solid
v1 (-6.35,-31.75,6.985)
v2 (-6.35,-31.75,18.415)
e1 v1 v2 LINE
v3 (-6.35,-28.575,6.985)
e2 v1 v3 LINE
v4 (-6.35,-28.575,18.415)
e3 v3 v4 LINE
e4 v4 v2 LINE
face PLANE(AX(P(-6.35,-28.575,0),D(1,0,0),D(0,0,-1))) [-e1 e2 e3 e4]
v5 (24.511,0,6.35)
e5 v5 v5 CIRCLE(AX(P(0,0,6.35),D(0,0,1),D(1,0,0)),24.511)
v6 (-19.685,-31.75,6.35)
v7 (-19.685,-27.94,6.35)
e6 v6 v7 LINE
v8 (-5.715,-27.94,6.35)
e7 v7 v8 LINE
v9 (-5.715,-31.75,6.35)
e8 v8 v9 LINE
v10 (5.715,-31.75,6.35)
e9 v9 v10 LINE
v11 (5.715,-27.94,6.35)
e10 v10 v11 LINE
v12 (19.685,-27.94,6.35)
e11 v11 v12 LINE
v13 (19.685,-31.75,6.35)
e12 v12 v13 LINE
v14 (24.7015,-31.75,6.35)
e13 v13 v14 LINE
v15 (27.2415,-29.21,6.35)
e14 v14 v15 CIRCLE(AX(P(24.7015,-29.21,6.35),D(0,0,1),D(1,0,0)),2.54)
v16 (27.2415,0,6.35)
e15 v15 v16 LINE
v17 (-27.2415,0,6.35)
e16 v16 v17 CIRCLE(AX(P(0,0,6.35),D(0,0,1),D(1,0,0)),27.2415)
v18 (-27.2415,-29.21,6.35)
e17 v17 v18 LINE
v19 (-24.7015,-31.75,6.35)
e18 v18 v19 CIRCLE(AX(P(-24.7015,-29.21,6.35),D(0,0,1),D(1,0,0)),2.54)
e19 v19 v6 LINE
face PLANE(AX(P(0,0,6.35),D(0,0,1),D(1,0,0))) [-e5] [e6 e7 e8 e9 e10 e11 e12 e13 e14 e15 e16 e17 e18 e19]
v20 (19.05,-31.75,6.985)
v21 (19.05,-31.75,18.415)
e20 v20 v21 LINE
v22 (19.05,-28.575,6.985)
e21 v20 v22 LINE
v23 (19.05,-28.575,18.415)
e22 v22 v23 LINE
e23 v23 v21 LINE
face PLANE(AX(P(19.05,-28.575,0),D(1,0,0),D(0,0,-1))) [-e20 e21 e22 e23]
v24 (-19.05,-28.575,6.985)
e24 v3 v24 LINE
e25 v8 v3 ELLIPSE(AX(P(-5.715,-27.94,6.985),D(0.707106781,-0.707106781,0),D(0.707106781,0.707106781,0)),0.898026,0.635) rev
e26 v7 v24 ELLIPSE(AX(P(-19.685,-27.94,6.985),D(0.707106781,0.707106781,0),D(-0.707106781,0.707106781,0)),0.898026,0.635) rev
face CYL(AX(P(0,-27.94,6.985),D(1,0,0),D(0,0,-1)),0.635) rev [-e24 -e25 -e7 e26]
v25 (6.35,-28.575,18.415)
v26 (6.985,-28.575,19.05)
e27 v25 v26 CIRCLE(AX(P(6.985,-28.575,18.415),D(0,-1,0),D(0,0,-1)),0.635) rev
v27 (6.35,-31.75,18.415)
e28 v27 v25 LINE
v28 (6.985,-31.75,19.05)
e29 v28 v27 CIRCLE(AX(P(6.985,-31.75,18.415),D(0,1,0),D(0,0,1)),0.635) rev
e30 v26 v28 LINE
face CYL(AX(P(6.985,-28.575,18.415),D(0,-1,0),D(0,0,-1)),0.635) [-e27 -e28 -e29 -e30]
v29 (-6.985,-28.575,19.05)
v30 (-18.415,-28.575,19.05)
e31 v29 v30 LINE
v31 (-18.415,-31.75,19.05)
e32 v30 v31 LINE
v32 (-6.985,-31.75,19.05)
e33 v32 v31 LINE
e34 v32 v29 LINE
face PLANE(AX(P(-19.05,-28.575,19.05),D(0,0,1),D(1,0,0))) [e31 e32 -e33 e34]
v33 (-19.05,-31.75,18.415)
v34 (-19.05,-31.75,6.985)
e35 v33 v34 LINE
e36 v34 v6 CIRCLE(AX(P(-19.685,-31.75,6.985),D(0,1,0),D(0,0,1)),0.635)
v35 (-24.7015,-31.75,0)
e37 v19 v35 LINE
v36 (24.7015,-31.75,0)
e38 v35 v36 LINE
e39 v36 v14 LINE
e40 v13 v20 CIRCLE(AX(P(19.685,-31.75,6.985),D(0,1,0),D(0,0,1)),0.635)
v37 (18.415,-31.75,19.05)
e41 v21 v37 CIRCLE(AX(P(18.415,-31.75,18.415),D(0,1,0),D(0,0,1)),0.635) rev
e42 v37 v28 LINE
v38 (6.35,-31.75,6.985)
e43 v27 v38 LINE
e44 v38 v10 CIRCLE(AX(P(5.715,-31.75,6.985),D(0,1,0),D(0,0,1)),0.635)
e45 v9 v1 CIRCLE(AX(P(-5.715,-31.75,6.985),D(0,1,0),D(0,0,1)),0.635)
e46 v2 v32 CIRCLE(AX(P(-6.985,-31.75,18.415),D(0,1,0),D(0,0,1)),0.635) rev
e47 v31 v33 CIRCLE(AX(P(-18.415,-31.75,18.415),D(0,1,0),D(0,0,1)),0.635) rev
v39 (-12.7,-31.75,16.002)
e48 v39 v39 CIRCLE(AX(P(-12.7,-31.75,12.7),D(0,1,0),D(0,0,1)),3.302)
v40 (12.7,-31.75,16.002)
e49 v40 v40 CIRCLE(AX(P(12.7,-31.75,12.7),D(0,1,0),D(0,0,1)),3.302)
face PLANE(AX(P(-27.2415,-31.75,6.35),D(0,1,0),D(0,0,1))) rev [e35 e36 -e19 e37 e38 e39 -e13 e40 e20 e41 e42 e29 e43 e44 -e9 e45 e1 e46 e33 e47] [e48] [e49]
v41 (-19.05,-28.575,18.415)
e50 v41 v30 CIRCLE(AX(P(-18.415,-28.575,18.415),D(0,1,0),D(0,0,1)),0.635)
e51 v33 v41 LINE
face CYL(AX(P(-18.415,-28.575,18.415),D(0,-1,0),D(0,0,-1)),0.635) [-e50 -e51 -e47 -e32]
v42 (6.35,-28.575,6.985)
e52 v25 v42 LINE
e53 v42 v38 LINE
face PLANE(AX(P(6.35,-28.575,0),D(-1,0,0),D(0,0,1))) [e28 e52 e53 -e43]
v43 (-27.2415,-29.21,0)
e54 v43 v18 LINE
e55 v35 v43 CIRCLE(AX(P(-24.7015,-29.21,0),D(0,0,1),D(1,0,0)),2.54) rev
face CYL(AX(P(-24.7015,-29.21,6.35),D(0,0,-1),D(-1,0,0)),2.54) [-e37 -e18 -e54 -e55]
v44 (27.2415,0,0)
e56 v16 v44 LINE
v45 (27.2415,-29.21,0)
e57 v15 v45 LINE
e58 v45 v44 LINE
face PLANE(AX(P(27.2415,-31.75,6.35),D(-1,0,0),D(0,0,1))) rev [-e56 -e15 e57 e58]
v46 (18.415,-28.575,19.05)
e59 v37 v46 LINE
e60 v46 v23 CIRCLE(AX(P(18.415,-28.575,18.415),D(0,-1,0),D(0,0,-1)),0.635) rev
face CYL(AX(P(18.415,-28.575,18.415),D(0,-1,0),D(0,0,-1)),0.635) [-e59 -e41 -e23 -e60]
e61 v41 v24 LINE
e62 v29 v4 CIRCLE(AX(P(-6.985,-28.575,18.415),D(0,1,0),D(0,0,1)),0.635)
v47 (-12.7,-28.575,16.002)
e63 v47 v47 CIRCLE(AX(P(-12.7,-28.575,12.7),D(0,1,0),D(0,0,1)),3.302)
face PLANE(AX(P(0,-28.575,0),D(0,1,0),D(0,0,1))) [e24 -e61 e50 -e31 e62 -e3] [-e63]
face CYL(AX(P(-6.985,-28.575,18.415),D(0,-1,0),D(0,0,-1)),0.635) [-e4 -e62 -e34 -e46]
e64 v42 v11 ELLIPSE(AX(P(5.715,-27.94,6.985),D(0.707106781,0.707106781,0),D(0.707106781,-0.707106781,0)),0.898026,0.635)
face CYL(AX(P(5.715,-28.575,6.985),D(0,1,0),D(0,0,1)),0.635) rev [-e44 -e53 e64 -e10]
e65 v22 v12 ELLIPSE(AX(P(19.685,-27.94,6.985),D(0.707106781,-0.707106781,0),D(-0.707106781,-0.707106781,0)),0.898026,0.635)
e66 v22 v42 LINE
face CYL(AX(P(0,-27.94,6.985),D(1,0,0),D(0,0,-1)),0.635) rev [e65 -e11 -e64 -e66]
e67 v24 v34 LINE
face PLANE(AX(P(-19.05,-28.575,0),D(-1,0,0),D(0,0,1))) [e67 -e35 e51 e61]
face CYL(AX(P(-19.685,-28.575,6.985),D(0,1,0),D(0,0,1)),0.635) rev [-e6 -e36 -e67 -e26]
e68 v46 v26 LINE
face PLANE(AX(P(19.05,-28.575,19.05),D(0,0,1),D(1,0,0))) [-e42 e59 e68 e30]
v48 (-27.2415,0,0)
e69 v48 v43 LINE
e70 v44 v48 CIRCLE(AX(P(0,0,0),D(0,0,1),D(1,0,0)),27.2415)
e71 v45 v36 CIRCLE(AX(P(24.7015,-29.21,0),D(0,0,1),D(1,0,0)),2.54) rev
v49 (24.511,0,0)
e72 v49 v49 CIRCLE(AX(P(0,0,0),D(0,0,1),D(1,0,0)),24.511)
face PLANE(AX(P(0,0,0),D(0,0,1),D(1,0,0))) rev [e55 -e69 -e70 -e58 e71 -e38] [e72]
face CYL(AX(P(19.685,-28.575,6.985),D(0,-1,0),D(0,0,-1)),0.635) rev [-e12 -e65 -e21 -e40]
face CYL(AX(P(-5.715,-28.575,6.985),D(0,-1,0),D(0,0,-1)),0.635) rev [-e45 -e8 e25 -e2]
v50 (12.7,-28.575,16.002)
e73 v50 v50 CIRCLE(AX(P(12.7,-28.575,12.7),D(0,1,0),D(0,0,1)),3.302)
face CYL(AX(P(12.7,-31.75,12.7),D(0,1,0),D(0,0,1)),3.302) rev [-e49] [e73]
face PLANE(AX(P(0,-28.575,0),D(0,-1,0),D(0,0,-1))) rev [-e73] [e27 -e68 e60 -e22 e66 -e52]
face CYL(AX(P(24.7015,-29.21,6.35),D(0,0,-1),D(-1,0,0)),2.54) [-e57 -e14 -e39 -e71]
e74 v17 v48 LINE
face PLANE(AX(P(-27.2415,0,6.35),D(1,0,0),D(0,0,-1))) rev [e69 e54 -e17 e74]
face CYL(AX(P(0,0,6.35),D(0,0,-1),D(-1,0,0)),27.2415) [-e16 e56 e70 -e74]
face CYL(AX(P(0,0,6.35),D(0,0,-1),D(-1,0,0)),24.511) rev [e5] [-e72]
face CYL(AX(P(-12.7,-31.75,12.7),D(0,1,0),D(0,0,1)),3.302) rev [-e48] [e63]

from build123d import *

# Parameters (mm, degrees)
SKETCH1_R           = 24.511
BOSS_EXTRUDE1_DEPTH = 6.35
SKETCH6_W           = 12.7
SKETCH6_H           = 19.05
BOSS_EXTRUDE3_DEPTH = 3.175
SKETCH7_R           = 3.302
CUT_EXTRUDE5_DEPTH  = 65.96524836
FILLET2_R           = 0.635
FILLET3_R           = 2.54


with BuildPart() as part:
    # Sketch1 → Boss-Extrude1 (new body)
    with BuildSketch(Plane.XY):
        with BuildLine():
            Line((-27.2415, 0), (-27.2415, -31.75))
            Line((-27.2415, -31.75), (27.2415, -31.75))
            Line((27.2415, -31.75), (27.2415, 0))
            ThreePointArc((27.2415, 0), (0, 27.2415), (-27.2415, 0))
        make_face()
        Circle(SKETCH1_R, mode=Mode.SUBTRACT)
    extrude(amount=BOSS_EXTRUDE1_DEPTH)

    # Sketch6 → Boss-Extrude3 (add)
    with BuildSketch(Plane(origin=(0, -31.75, 0), x_dir=(-1, 0, 0), z_dir=(0, -1, 0))):
        with Locations((12.7, -9.525)):
            Rectangle(SKETCH6_W, SKETCH6_H)
        with Locations((-12.7, -9.525)):
            Rectangle(SKETCH6_W, SKETCH6_H)
    extrude(amount=-BOSS_EXTRUDE3_DEPTH)

    # Sketch7 → Cut-Extrude5 (cut, through all)
    with BuildSketch(Plane(origin=(0, -28.575, 0), x_dir=(1, 0, 0), z_dir=(0, 1, 0))):
        with Locations(Location((-12.7, -12.7, 0), (0, 0, 270))):
            Circle(SKETCH7_R)
        with Locations(Location((12.7, -12.7, 0), (0, 0, 270))):
            Circle(SKETCH7_R)
    extrude(amount=-CUT_EXTRUDE5_DEPTH, mode=Mode.SUBTRACT)

    # Fillet2
    fillet2_edges = [part.edges().sort_by_distance(p)[0] for p in [
        (-6.35, -30.1625, 6.35),
        (-6.35, -30.1625, 19.05),
        (-19.05, -30.1625, 6.35),
        (-19.05, -30.1625, 19.05),
        (-12.7, -28.575, 6.35),
        (12.7, -28.575, 6.35),
        (19.05, -30.1625, 6.35),
        (19.05, -30.1625, 19.05),
        (6.35, -30.1625, 6.35),
        (6.35, -30.1625, 19.05),
    ]]
    fillet(fillet2_edges, radius=FILLET2_R)

    # Fillet3
    fillet3_edges = [part.edges().sort_by_distance(p)[0] for p in [
        (27.2415, -31.75, 3.175),
        (-27.2415, -31.75, 3.175),
    ]]
    fillet(fillet3_edges, radius=FILLET3_R)


solid = part.part
